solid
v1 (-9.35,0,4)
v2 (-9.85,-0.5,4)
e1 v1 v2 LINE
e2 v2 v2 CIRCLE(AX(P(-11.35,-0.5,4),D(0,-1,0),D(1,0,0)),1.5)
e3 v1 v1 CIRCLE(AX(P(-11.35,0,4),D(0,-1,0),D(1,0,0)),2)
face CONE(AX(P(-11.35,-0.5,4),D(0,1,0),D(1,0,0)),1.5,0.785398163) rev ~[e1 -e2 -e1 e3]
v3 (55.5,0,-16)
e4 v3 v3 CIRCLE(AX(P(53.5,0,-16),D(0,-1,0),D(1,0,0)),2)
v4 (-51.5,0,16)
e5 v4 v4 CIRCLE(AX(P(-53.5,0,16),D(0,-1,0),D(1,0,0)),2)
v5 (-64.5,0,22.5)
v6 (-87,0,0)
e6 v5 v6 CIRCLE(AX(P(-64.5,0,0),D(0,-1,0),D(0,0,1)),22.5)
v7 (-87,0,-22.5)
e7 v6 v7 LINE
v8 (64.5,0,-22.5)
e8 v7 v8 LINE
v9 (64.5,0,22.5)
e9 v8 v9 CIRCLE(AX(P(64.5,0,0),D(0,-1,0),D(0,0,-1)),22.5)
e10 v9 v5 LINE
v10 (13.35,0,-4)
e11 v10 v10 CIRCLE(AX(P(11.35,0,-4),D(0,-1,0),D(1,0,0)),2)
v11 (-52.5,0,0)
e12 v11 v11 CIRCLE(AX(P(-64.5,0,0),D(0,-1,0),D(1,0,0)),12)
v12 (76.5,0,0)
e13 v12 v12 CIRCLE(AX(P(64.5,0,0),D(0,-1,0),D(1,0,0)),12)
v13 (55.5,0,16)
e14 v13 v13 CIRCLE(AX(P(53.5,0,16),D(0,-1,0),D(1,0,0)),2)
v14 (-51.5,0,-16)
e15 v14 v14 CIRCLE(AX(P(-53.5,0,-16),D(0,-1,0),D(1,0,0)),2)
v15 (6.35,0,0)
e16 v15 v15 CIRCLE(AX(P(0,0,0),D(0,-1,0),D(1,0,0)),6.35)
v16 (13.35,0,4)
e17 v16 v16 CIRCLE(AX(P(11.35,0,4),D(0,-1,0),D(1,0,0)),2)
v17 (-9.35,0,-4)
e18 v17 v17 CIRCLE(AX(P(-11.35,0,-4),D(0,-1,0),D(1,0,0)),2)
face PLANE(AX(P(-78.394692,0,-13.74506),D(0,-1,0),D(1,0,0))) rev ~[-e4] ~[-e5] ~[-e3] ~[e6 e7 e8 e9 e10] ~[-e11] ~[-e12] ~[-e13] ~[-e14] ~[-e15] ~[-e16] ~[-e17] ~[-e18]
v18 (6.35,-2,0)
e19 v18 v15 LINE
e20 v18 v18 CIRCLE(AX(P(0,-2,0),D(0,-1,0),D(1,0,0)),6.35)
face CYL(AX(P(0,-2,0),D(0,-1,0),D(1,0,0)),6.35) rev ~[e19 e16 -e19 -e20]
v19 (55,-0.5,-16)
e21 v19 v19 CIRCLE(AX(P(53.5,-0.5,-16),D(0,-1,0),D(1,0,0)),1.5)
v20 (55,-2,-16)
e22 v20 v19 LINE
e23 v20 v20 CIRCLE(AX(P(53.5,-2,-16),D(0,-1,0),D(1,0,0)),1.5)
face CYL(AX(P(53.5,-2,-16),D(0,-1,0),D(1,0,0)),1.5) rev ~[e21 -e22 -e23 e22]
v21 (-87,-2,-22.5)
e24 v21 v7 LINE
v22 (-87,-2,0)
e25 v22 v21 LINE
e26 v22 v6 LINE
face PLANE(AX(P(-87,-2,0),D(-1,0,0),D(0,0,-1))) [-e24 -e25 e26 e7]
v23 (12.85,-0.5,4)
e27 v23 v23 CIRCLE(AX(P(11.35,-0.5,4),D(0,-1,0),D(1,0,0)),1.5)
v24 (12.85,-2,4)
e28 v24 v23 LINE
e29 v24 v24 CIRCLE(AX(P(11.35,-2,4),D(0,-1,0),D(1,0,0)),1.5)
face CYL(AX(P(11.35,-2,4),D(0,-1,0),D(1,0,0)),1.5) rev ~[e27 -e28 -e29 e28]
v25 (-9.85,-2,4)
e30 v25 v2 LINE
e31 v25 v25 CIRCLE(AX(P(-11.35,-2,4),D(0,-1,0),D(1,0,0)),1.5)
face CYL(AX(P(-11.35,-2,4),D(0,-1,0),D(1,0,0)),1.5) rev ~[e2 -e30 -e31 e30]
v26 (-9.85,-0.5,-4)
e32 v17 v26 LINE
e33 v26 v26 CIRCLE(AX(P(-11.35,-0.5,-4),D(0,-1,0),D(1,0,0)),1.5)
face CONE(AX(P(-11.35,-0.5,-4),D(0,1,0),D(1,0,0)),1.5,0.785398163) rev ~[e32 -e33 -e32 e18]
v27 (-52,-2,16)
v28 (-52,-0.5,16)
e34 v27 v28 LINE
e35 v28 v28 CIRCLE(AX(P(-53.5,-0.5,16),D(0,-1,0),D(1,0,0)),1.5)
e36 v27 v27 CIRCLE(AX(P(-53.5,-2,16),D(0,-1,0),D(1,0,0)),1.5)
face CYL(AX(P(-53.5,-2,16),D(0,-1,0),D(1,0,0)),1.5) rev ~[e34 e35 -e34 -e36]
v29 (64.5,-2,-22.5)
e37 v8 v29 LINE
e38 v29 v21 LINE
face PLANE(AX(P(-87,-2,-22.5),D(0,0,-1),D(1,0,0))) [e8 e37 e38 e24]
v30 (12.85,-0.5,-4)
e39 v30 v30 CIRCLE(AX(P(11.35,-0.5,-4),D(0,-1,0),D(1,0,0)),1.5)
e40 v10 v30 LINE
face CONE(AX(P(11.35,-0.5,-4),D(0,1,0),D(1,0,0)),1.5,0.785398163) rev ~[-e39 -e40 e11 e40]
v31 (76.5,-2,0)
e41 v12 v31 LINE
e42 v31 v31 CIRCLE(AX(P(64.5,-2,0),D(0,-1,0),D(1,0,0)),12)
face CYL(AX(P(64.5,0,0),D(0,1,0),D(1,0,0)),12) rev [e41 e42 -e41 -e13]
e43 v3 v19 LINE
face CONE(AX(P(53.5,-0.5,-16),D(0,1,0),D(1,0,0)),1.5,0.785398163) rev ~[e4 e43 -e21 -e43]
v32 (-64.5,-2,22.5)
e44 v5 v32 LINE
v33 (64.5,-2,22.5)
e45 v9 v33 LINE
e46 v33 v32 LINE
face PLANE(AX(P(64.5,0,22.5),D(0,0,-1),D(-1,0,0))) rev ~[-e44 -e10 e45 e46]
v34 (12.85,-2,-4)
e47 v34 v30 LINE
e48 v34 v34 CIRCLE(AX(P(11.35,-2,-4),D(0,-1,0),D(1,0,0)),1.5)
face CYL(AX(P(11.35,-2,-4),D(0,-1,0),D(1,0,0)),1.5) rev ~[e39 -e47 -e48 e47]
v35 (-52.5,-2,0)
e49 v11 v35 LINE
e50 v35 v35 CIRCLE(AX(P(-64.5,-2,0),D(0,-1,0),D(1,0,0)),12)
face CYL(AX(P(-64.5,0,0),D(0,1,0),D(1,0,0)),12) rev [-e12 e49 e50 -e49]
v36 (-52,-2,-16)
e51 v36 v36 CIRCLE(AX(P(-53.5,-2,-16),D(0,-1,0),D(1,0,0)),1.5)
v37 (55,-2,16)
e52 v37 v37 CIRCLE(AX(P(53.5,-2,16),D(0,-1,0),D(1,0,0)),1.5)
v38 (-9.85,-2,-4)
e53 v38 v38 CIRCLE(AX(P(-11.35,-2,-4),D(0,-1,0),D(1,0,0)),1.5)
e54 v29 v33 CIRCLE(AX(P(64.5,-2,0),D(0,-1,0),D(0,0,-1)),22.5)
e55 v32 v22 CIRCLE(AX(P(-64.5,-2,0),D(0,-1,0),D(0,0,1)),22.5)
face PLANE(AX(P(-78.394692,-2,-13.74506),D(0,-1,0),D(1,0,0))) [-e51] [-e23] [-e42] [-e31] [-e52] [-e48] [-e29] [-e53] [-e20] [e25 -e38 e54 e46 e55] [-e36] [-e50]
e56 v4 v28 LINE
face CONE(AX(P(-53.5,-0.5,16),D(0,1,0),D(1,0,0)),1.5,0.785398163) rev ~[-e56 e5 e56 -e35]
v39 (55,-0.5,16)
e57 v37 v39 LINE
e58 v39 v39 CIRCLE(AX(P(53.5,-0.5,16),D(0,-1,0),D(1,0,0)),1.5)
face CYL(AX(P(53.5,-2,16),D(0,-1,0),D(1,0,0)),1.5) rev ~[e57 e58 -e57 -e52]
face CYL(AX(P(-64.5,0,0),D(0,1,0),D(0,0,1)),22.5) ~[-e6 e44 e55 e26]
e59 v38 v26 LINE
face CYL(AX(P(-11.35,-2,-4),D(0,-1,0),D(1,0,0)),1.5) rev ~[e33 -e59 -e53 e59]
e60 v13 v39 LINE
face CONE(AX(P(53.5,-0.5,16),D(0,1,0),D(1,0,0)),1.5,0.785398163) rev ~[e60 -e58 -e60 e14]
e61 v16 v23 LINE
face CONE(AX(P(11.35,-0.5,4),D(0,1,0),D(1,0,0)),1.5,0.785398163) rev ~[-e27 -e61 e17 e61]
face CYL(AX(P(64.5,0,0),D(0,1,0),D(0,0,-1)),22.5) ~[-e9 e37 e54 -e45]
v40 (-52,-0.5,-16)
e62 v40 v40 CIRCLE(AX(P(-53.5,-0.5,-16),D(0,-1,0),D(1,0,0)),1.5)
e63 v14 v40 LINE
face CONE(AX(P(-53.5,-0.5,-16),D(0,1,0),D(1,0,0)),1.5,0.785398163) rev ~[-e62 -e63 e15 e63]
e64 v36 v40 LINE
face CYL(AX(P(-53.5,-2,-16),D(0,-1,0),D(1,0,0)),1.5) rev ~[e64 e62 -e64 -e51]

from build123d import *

# Parameters (mm, degrees)
F0_R      = 12
F1_DEPTH  = 2
F3_DEPTH  = 2
F4_R      = 1.5
F5_DEPTH  = 25
F6_SIZE   = 0.5
F7_R      = 6.35
F8_DEPTH  = 25
F9_R      = 1.5
F10_DEPTH = 25
F11_SIZE  = 0.5


with BuildPart() as f1:
    # F0 (on Front) → F1 (new body)
    with BuildSketch(Plane.XZ):
        with BuildLine():
            ThreePointArc((64.5, -22.5), (87, 0), (64.5, 22.5))
            Line((64.5, 22.5), (-64.5, 22.5))
            ThreePointArc((-64.5, 22.5), (-87, 0), (-64.5, -22.5))
            Line((-64.5, -22.5), (64.5, -22.5))
        make_face()
        with Locations((-64.5, 0)):
            Circle(F0_R, mode=Mode.SUBTRACT)
        with Locations((64.5, 0)):
            Circle(F0_R, mode=Mode.SUBTRACT)
    extrude(amount=F1_DEPTH)

    # F2 (on face) → F3 (join)
    with BuildSketch(Plane.XZ.offset(2)):
        Polygon((-87, -22.5), (-64.5, -22.5), (-64.5, -17.4313578755), (-70.5482587218, -14.7617282346), (-78.2682448626, -9.4630774111), (-80.8771923184, 0), (-87, 0), align=None)
    extrude(amount=-F3_DEPTH)

    # F4 (on face) → F5 (cut)
    with BuildSketch(Plane.XZ.offset(2)):
        with Locations((-53.5, 16)):
            Circle(F4_R)
        with Locations((-53.5, -16)):
            Circle(F4_R)
        with Locations((53.5, 16)):
            Circle(F4_R)
        with Locations((53.5, -16)):
            Circle(F4_R)
    extrude(amount=-F5_DEPTH, mode=Mode.SUBTRACT)

    # F6
    f6_edges = [f1.edges().sort_by_distance(p)[0] for p in [
        (-55, 0, 16),
        (-55, 0, -16),
        (52, 0, 16),
        (52, 0, -16),
    ]]
    chamfer(f6_edges, length=F6_SIZE)

    # F7 (on face) → F8 (cut)
    with BuildSketch(Plane.XZ.offset(2)):
        Circle(F7_R)
    extrude(amount=-F8_DEPTH, mode=Mode.SUBTRACT)

    # F9 (on face) → F10 (cut)
    with BuildSketch(Plane.XZ.offset(2)):
        with Locations((-11.35, 4)):
            Circle(F9_R)
        with Locations((-11.35, -4)):
            Circle(F9_R)
        with Locations((11.35, 4)):
            Circle(F9_R)
        with Locations((11.35, -4)):
            Circle(F9_R)
    extrude(amount=-F10_DEPTH, mode=Mode.SUBTRACT)

    # F11
    f11_edges = [f1.edges().sort_by_distance(p)[0] for p in [
        (-12.85, 0, 4),
        (-12.85, 0, -4),
        (9.85, 0, -4),
        (9.85, 0, 4),
    ]]
    chamfer(f11_edges, length=F11_SIZE)


solid = f1.part
